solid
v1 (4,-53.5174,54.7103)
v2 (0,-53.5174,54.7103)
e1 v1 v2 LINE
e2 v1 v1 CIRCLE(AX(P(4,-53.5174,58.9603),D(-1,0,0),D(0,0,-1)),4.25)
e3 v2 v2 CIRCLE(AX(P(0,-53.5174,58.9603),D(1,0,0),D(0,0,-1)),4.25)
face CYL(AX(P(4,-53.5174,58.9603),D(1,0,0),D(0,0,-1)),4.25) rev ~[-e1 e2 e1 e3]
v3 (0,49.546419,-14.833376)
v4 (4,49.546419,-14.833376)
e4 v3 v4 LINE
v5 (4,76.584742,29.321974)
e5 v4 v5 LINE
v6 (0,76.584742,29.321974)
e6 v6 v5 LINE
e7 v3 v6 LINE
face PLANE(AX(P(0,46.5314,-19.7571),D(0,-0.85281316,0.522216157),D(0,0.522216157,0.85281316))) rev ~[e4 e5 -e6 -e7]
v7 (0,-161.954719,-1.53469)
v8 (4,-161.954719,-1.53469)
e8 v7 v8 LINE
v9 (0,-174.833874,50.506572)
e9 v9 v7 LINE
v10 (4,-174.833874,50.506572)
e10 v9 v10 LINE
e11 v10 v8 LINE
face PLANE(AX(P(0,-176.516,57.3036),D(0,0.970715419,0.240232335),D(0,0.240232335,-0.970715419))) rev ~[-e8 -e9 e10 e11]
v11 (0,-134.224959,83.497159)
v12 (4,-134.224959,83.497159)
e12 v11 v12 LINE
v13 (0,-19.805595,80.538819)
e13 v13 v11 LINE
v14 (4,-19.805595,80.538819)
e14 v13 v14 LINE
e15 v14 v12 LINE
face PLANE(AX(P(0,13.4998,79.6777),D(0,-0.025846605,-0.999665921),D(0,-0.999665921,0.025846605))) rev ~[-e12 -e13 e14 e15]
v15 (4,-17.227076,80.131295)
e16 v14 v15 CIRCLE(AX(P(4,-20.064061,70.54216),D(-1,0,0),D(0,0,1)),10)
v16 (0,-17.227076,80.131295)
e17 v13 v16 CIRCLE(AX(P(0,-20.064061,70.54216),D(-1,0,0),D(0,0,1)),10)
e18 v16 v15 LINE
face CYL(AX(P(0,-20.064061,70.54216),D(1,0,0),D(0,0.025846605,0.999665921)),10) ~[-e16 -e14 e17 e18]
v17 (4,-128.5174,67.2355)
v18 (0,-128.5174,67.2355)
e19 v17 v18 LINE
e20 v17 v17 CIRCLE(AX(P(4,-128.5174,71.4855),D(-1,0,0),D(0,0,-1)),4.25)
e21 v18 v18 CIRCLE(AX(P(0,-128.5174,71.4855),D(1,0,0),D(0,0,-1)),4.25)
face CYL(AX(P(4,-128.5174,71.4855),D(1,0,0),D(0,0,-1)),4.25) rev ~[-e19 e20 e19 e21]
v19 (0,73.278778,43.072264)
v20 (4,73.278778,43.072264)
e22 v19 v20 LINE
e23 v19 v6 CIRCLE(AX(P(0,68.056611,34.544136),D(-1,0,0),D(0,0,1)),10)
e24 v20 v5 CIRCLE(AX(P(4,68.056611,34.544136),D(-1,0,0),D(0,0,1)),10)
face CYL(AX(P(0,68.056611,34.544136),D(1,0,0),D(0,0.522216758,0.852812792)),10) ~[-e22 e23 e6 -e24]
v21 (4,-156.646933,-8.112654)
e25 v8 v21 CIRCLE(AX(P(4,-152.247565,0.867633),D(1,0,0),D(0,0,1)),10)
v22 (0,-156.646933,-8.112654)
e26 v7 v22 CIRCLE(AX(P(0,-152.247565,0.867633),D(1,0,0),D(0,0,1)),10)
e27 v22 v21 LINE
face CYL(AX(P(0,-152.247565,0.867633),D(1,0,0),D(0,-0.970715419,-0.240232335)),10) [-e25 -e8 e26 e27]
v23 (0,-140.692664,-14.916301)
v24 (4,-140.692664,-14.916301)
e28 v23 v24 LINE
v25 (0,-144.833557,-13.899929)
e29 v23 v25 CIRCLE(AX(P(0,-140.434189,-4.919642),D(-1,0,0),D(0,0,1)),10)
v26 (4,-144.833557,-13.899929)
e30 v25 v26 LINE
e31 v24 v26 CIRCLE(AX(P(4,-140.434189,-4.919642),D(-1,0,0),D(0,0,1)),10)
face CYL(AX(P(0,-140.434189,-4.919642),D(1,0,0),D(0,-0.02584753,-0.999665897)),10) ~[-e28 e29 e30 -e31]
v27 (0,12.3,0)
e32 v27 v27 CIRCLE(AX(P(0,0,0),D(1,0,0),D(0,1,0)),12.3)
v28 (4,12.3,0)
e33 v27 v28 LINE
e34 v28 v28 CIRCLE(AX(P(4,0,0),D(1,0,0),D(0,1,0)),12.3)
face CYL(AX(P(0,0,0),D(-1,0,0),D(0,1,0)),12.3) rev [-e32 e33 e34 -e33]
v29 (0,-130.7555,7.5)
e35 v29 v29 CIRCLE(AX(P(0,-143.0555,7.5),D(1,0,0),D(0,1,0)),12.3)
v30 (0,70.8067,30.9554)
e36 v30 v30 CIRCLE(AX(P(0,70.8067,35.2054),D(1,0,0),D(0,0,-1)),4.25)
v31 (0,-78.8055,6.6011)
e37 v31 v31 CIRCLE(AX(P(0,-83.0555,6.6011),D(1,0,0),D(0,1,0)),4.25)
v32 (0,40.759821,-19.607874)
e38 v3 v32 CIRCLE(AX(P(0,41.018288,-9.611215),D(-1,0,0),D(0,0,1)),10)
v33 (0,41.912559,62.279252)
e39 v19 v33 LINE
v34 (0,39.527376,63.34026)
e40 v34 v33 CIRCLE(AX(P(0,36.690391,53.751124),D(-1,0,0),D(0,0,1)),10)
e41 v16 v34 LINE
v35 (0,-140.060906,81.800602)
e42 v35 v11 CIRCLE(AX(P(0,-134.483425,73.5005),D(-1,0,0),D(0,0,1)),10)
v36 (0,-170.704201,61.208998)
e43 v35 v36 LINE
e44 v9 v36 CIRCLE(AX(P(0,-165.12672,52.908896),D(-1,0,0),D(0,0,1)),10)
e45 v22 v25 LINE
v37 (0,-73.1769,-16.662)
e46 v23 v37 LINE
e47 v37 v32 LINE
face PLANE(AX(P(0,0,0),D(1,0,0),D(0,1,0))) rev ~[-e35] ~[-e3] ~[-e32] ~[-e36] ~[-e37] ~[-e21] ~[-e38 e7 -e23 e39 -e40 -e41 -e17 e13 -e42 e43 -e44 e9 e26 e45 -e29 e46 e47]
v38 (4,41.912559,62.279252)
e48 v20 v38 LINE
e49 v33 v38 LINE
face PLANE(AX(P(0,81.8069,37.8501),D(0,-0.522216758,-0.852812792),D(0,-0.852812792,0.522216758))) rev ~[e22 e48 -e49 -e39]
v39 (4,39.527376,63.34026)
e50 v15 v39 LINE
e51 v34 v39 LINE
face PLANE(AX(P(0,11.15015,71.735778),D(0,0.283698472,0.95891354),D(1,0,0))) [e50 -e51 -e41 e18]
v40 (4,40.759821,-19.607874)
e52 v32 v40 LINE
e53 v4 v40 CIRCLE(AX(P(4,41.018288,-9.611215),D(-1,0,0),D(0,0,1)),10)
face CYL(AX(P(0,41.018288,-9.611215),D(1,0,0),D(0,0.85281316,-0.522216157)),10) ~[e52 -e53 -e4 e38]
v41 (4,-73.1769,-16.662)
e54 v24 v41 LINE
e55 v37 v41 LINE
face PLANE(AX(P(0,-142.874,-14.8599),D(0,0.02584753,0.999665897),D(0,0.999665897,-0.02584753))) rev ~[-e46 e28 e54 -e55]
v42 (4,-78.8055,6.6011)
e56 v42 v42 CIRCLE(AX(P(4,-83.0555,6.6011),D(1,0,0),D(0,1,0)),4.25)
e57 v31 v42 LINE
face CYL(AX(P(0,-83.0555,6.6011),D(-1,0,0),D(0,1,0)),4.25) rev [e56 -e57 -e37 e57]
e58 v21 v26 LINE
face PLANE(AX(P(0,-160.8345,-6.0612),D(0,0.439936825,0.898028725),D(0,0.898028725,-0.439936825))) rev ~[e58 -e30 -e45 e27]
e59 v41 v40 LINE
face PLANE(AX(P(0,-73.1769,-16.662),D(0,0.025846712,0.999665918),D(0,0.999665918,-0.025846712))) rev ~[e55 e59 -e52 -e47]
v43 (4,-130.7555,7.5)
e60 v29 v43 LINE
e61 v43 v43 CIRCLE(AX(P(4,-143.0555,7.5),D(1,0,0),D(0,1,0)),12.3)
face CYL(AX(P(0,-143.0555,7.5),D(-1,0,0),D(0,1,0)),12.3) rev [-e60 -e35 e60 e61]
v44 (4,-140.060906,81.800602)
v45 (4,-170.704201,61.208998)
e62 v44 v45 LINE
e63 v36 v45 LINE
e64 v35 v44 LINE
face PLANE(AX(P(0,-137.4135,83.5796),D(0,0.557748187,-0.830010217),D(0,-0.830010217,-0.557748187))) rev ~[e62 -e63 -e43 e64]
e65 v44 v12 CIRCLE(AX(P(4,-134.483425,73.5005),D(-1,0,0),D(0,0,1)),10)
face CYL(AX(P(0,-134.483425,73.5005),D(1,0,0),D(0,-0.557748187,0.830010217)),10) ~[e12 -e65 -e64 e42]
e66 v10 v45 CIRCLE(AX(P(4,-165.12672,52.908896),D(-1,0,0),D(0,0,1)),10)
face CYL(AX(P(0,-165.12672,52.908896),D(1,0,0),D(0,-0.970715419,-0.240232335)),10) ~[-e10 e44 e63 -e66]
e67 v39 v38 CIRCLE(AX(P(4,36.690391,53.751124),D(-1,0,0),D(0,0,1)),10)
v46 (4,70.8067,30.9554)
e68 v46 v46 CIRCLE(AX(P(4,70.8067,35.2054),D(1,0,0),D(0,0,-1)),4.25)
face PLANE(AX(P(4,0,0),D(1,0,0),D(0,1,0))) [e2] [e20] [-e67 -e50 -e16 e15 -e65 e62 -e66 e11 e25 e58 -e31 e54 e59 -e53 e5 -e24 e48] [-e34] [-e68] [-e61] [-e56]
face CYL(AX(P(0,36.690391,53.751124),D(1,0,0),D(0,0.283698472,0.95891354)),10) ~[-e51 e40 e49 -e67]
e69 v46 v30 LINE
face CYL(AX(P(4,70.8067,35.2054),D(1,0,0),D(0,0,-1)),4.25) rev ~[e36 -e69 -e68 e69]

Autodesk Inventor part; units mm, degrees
ref_plane "YZ Plane" through (0, 0, 0) normal (1, 0, 0) x (0, 1, 0)
ref_plane "XZ Plane" through (0, 0, 0) normal (0, 1, 0) x (-1, 0, 0)
ref_plane "XY Plane" through (0, 0, 0) normal (0, 0, 1) x (1, 0, 0)
sketch "Sketch1" plane through (0, 0, 0) normal (1, 0, 0) x (0, 1, 0)
  circle A0 centre (0, 0) radius 62.5 construction
  circle A1 centre (-143.0555, 7.5) radius 50 construction
  line L0 (-143.0555, 7.5) -> (0, 0) construction
  line L1 (-161.7434, -42.5) -> (-102.4467, -42.5) construction
  line L2 (-16.0459, -62.5) -> (40.9165, -62.5) construction
  line L3 (-160.8345, -6.0612) -> (-142.874, -14.8599)
  line L4 (-142.874, -14.8599) -> (-73.1769, -16.662)
  line L5 (46.5314, -19.7571) -> (81.8069, 37.8501)
  line L6 (81.8069, 37.8501) -> (13.4998, 79.6777)
  line L7 (13.4998, 79.6777) -> (-137.4135, 83.5796)
  line L8 (-137.4135, 83.5796) -> (-176.516, 57.3036)
  line L9 (-176.516, 57.3036) -> (-160.8345, -6.0612)
  circle A2 centre (0, 0) radius 12.3
  circle A3 centre (-143.0555, 7.5) radius 12.3
  line L10 (-151.8542, -10.4606) -> (-143.0555, 7.5) construction
  arc A4 (-61.867, -16.9544) -> (-73.1769, -16.662) centre (-67.341, -9.8105) ccw construction
  line L11 (-98.4698, -16.008) -> (-97.8311, -16.0245) construction
  line L12 (-97.8311, -16.0245) -> (-61.867, -16.9544) construction
  line L13 (-61.867, -16.9544) -> (-98.4698, -16.008) construction
  line L14 (-73.1769, -16.662) -> (46.5314, -19.7571)
  line L15 (0, 0) -> (-212.6616, 0) construction
  circle A5 centre (-83.0555, 6.6011) radius 4.25
  dimension "d0" = 125
  dimension "d1" = 100
  dimension "d2" = 143.252
  dimension "d3" = 20
  dimension "d4" = 20
  dimension "d5" = 24.6
  dimension "d6" = 24.6
  dimension "d7" = 23.099
  dimension "d8" = 20
  dimension "d9" = 130
  dimension "d10" = 110
  dimension "d12" = 155.381
  dimension "d13" = 80
  dimension "d14" = 90
  dimension "d15" = 150
  dimension "Height" = 75
  dimension "d17" = 50
  dimension "d18" = 60
  dimension "d30" = 8.5
  dimension "d31" = 23
  dimension "d32" = 60
extrude "Extrusion1" add sketch "Sketch1" along normal blind 4
fillet "Fillet3" radius 10 6 edges at (2, 81.8069, 37.8501) (2, 46.5314, -19.7571) (2, -142.874, -14.8599) (2, -160.8345, -6.0612) (2, -176.516, 57.3036) (2, -137.4135, 83.5796)
chamfer "Chamfer1" distance 32 angle 45 1 edges at (2, 13.4998, 79.6777)
fillet "Fillet4" radius 10 2 edges at (2, 40.7898, 62.9668) (2, -18.4895, 80.5048)
sketch "Sketch2" plane through (4, 0, 0) normal (1, 0, 0) x (0, 0, -1)
  circle A0 centre (0, 0) radius 16.3
  circle A1 centre (0, 0) radius 12.3 projected
  circle A2 centre (-71.4855, -128.5174) radius 4.25
  line L0 (-81.8006, -140.0609) -> (-61.209, -170.7042) projected
  line L1 (-50.5066, -174.8339) -> (1.5347, -161.9548) projected
  circle A3 centre (-35.2054, 70.8067) radius 4.25
  arc A4 (-29.322, 76.5847) -> (-43.0723, 73.2788) centre (-34.5442, 68.0566) ccw projected
  line L2 (14.8333, 49.5464) -> (-29.322, 76.5847) projected
  line L3 (-43.0723, 73.2788) -> (-62.2792, 41.9126) projected
  circle A5 centre (-58.9603, -53.5174) radius 4.25
  line L4 (-58.9603, -53.5174) -> (-71.4855, -128.5174)
  line L5 (-80.5388, -19.8056) -> (-83.4971, -134.225) projected
  point P0 (18.0192, 10.7846)
  point P1 (18.8908, -9.1727)
  dimension "d39" = 32.6
  dimension "d42" = 8.5
  dimension "d43" = 15
  dimension "d44" = 50
  dimension "d45" = 8.5
  dimension "d47" = 8
  dimension "d48" = 8
  dimension "d49" = 8.5
  dimension "d50" = 8
  dimension "d51" = 75
extrude "Extrusion2" cut sketch "Sketch2" against normal blind 9.5 contours A1 | A2 | A5 | A3
properties part number "Module Plate 1" material "Aluminum 6061"
